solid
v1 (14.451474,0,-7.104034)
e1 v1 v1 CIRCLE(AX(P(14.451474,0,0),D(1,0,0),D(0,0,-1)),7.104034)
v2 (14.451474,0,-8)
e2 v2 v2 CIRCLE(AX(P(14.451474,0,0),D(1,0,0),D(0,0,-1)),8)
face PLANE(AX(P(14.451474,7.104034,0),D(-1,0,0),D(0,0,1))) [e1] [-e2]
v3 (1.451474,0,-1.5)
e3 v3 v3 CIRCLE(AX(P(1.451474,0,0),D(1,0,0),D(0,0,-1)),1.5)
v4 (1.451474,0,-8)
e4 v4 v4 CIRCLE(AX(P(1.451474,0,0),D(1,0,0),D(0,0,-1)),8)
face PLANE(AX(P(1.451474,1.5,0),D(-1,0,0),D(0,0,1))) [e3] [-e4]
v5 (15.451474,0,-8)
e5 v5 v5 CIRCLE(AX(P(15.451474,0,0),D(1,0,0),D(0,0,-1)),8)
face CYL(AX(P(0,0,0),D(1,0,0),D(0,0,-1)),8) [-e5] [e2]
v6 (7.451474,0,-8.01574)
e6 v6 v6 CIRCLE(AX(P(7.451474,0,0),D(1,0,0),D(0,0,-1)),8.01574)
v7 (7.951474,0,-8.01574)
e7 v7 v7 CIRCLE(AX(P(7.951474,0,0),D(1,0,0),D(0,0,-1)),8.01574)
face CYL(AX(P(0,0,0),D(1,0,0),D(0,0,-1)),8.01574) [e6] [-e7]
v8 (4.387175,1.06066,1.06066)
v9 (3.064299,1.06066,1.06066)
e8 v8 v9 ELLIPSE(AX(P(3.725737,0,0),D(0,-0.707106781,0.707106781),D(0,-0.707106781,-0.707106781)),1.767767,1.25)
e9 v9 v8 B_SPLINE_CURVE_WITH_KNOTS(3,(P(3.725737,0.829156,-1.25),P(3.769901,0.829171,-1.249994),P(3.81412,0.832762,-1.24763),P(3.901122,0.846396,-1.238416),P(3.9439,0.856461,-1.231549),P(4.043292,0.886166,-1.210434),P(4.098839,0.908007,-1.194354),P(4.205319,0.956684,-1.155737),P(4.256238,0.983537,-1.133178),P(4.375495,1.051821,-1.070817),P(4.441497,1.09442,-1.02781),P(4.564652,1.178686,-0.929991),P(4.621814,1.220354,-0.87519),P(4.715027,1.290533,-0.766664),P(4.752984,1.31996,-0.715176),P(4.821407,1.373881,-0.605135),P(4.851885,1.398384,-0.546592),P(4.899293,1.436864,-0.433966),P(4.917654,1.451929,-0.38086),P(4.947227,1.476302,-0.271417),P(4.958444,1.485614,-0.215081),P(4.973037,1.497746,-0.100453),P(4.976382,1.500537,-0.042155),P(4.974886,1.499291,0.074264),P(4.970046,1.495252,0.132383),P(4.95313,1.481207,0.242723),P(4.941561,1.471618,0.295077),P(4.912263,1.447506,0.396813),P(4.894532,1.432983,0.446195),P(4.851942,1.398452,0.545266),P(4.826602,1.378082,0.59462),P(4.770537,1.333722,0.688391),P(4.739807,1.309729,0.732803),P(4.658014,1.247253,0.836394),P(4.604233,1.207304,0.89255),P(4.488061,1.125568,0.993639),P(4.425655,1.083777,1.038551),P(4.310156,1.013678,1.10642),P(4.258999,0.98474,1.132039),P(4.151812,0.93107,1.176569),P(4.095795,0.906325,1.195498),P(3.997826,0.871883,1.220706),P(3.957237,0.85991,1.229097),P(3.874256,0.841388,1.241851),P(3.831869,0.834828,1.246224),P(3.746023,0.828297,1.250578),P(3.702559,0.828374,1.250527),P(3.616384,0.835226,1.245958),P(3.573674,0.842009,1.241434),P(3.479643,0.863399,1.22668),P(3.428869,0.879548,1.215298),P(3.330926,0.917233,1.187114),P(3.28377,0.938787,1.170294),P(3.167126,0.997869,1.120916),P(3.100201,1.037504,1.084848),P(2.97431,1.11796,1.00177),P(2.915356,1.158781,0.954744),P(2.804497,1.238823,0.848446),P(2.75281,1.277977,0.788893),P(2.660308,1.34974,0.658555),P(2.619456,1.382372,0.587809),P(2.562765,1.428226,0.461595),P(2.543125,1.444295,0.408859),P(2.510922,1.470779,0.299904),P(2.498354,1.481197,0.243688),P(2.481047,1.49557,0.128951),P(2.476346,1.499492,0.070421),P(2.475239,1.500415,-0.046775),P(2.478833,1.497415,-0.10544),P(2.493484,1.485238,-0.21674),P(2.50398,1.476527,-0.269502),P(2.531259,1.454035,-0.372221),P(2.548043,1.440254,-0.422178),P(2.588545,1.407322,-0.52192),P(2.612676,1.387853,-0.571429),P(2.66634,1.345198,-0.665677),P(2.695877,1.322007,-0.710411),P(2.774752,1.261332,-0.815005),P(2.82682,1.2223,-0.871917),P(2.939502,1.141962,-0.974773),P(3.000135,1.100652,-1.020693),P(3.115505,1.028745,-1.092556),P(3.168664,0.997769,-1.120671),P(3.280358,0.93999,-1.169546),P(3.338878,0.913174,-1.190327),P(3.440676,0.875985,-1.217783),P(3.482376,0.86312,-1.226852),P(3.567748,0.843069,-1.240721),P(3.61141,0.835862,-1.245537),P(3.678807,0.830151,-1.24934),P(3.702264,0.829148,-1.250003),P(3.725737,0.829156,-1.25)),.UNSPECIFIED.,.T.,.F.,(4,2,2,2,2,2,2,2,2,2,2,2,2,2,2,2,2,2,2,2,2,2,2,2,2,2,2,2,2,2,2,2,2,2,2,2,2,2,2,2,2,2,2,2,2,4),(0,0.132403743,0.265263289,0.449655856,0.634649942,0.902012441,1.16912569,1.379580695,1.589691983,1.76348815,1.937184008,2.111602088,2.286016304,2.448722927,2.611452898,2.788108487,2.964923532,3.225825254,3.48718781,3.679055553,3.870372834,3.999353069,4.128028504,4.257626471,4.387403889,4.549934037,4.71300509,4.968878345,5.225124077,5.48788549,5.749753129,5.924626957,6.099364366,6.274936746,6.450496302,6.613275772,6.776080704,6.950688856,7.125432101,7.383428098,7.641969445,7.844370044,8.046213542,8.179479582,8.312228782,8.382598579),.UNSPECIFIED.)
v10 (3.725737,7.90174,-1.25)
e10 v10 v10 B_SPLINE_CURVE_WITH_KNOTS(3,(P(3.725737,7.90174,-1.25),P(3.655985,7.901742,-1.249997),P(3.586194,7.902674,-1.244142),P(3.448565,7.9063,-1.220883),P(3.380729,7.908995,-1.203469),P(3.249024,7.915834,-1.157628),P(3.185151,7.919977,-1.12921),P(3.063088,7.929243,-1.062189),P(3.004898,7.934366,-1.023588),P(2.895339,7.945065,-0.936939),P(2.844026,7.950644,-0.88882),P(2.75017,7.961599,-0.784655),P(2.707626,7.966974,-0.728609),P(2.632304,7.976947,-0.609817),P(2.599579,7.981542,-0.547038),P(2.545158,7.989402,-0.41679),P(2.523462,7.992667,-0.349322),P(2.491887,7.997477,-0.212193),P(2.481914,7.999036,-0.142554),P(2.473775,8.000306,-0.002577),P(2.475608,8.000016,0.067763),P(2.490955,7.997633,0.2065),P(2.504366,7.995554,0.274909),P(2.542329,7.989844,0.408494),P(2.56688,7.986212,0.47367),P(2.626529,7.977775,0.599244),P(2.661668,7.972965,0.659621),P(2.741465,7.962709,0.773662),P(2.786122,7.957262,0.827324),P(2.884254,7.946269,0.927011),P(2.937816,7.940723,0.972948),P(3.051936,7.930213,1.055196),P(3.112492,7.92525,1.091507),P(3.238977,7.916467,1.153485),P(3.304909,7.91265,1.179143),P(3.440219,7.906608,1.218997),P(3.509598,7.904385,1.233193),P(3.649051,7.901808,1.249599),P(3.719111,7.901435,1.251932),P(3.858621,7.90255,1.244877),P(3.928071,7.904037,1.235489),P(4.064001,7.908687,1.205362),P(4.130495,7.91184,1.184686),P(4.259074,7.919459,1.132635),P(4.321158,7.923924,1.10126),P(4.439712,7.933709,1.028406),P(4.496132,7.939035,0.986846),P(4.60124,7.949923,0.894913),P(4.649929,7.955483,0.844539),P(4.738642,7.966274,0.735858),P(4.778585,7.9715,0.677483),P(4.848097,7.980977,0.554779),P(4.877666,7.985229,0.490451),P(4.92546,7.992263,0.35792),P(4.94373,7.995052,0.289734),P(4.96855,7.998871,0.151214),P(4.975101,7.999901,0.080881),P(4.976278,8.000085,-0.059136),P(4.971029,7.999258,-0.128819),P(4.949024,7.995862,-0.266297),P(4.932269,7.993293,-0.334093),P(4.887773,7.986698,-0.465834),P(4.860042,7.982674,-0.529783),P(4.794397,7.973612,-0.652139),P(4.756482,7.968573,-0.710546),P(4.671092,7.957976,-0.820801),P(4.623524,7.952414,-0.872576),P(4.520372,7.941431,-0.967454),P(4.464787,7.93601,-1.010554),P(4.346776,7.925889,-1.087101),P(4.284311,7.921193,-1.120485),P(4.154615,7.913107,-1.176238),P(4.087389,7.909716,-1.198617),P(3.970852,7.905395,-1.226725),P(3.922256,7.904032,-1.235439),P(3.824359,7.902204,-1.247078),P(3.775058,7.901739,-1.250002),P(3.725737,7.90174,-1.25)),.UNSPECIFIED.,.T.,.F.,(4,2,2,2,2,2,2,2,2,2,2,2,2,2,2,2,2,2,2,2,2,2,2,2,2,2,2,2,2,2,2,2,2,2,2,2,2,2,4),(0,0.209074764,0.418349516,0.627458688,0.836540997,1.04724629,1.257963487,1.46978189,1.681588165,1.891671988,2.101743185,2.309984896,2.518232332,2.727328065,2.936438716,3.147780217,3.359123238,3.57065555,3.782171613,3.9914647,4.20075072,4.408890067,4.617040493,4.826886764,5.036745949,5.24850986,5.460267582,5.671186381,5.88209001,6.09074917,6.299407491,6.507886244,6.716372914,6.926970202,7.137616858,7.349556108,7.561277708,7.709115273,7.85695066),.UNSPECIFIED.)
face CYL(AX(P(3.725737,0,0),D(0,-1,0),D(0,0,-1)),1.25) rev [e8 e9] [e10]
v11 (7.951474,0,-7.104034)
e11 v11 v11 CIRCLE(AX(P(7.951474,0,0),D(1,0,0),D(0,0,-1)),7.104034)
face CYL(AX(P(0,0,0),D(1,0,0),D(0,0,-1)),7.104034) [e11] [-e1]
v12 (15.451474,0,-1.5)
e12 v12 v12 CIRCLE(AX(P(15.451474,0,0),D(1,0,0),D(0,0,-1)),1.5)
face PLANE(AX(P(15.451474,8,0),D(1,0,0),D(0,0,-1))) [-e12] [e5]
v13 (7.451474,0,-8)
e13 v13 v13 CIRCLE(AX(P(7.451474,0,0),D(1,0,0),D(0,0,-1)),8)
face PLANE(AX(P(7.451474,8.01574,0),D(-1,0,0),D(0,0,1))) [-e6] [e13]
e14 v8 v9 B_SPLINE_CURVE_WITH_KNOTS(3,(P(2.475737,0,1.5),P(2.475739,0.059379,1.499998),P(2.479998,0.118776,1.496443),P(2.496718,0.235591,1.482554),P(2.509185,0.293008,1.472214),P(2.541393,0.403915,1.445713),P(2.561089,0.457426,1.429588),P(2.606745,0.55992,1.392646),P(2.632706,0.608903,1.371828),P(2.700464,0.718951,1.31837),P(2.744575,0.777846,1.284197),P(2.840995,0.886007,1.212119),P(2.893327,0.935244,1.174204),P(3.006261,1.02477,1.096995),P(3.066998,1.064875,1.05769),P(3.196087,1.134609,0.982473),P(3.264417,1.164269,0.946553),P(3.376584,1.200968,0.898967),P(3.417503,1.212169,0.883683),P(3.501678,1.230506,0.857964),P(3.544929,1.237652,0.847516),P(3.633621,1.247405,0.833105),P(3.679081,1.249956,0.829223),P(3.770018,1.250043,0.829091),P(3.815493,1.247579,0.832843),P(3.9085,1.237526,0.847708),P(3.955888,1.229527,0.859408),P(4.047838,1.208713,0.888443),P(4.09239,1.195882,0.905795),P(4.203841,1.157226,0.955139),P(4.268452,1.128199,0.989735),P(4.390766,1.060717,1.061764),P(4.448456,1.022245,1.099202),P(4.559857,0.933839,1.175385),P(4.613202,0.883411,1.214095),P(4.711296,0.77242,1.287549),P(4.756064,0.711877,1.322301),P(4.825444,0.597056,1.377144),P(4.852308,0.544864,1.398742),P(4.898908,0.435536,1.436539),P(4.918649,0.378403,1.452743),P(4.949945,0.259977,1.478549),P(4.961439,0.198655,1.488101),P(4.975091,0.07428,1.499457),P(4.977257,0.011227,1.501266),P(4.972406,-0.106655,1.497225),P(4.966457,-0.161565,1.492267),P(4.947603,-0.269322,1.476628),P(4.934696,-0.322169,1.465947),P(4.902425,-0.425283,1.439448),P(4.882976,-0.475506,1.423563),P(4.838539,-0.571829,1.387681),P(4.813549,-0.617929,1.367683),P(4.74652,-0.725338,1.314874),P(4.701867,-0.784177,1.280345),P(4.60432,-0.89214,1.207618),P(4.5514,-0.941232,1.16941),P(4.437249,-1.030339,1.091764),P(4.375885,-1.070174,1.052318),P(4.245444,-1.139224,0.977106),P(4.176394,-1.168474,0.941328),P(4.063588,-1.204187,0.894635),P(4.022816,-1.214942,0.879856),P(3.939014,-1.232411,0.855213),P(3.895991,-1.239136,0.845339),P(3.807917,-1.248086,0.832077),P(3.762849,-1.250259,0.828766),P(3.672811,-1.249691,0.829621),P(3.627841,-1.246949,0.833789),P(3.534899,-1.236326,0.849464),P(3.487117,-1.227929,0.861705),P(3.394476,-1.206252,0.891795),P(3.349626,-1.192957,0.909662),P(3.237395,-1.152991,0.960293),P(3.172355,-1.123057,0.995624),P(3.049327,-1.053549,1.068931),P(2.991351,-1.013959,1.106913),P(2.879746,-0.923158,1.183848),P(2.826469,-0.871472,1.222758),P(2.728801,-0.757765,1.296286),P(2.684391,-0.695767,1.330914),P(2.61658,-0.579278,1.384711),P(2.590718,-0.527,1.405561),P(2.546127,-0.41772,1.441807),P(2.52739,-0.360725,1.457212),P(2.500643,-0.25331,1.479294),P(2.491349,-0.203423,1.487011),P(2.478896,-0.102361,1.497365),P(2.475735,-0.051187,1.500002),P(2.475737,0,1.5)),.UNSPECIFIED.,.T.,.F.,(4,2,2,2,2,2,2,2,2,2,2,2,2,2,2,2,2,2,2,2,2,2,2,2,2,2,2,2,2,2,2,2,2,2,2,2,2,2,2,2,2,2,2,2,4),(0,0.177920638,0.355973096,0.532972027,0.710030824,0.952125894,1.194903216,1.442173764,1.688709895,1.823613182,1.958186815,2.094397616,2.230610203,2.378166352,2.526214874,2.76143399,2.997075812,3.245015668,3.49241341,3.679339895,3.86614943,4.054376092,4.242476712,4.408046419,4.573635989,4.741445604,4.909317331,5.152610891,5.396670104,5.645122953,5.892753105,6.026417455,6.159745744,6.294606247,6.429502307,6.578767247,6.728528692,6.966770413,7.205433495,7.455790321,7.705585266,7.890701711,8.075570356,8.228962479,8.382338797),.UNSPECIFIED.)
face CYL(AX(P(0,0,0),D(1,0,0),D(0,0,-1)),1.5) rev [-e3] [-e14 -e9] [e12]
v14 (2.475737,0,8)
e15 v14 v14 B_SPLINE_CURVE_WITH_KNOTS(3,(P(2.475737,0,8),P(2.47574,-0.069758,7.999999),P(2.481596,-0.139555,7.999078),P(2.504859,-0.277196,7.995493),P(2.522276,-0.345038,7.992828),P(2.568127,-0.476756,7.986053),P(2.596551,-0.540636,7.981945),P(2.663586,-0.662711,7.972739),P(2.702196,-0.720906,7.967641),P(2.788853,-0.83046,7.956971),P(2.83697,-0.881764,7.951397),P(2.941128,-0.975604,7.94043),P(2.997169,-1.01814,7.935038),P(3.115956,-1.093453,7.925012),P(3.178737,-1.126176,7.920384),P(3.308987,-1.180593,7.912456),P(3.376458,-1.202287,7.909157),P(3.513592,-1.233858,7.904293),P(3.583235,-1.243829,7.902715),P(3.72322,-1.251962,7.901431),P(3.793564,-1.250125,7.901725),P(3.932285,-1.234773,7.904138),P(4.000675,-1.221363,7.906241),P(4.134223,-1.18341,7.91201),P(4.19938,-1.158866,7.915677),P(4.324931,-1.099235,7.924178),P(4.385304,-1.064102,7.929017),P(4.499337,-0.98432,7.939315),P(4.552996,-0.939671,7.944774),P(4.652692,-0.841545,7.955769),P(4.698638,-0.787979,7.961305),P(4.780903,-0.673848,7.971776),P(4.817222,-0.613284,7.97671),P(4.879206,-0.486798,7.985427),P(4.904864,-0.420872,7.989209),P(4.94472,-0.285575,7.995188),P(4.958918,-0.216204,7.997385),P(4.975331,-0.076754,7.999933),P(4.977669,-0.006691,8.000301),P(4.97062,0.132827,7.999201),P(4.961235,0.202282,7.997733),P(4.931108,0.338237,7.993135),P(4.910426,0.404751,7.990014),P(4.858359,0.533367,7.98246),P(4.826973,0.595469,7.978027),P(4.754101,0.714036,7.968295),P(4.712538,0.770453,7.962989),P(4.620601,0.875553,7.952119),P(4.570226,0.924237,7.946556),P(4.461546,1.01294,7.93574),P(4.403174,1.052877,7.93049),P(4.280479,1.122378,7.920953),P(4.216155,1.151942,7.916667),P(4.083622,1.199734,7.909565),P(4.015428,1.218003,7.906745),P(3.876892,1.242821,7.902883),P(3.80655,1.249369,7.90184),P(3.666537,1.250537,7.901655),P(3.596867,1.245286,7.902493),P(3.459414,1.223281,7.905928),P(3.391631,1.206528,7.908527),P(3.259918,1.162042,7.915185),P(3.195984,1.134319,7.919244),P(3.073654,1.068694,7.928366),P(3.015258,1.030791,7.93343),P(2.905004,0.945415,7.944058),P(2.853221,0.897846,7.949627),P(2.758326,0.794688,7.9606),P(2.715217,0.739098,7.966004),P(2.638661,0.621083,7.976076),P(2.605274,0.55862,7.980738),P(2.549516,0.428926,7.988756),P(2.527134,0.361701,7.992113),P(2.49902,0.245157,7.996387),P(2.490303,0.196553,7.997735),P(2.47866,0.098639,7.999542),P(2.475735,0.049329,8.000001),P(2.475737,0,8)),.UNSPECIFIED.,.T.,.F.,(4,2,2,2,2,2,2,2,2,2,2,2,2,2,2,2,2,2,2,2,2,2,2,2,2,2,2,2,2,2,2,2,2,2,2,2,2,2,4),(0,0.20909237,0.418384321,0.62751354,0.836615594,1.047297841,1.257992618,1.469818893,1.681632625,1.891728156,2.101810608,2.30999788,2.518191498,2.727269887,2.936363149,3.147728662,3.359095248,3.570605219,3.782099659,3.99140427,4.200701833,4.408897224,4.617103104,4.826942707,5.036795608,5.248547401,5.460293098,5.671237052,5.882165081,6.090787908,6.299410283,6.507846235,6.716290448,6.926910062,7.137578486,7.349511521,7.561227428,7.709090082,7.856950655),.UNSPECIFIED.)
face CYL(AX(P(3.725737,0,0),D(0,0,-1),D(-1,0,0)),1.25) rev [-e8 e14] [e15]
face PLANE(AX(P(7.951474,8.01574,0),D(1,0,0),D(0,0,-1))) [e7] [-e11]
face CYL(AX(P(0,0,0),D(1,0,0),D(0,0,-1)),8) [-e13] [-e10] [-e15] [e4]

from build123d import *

# Parameters (mm, degrees)
SKETCH2_W = 1.25
SKETCH2_H = 8.015739734
SKETCH4_W = 1.25
SKETCH4_H = 8.015739734


with BuildPart() as part:
    # Sketch1 → Revolve1 (revolve)
    with BuildSketch(Plane.XY):
        Polygon((1.451473536, 1.5), (1.451473536, 8), (7.451473536, 8), (7.451473536, 8.015739734), (7.951473536, 8.015739734), (7.951473536, 7.104033654), (14.451473536, 7.104033654), (14.451473536, 8), (15.451473536, 8), (15.451473536, 1.5), align=None)
    revolve(axis=Axis((0, 0, 0), (-1, 0, 0)))

    # Sketch2 → M3x0.5 Tapped Hole1 (revolve, cut)
    with BuildSketch(Plane(origin=(3.725736768, 0, 0), x_dir=(0, 0, -1), z_dir=(1, 0, 0))):
        with Locations((0.625, 4.007869867)):
            Rectangle(SKETCH2_W, SKETCH2_H)
    revolve(axis=Axis((3.725736768, -6.35, 0), (0, 1, 0)), mode=Mode.SUBTRACT)

    # Sketch4 → M3x0.5 Tapped Hole2 (revolve, cut)
    with BuildSketch(Plane.YZ.offset(3.725736768)):
        with Locations((0.625, 4.007869867)):
            Rectangle(SKETCH4_W, SKETCH4_H)
    revolve(axis=Axis((3.725736768, 0, -6.35), (0, 0, 1)), mode=Mode.SUBTRACT)


solid = part.part
